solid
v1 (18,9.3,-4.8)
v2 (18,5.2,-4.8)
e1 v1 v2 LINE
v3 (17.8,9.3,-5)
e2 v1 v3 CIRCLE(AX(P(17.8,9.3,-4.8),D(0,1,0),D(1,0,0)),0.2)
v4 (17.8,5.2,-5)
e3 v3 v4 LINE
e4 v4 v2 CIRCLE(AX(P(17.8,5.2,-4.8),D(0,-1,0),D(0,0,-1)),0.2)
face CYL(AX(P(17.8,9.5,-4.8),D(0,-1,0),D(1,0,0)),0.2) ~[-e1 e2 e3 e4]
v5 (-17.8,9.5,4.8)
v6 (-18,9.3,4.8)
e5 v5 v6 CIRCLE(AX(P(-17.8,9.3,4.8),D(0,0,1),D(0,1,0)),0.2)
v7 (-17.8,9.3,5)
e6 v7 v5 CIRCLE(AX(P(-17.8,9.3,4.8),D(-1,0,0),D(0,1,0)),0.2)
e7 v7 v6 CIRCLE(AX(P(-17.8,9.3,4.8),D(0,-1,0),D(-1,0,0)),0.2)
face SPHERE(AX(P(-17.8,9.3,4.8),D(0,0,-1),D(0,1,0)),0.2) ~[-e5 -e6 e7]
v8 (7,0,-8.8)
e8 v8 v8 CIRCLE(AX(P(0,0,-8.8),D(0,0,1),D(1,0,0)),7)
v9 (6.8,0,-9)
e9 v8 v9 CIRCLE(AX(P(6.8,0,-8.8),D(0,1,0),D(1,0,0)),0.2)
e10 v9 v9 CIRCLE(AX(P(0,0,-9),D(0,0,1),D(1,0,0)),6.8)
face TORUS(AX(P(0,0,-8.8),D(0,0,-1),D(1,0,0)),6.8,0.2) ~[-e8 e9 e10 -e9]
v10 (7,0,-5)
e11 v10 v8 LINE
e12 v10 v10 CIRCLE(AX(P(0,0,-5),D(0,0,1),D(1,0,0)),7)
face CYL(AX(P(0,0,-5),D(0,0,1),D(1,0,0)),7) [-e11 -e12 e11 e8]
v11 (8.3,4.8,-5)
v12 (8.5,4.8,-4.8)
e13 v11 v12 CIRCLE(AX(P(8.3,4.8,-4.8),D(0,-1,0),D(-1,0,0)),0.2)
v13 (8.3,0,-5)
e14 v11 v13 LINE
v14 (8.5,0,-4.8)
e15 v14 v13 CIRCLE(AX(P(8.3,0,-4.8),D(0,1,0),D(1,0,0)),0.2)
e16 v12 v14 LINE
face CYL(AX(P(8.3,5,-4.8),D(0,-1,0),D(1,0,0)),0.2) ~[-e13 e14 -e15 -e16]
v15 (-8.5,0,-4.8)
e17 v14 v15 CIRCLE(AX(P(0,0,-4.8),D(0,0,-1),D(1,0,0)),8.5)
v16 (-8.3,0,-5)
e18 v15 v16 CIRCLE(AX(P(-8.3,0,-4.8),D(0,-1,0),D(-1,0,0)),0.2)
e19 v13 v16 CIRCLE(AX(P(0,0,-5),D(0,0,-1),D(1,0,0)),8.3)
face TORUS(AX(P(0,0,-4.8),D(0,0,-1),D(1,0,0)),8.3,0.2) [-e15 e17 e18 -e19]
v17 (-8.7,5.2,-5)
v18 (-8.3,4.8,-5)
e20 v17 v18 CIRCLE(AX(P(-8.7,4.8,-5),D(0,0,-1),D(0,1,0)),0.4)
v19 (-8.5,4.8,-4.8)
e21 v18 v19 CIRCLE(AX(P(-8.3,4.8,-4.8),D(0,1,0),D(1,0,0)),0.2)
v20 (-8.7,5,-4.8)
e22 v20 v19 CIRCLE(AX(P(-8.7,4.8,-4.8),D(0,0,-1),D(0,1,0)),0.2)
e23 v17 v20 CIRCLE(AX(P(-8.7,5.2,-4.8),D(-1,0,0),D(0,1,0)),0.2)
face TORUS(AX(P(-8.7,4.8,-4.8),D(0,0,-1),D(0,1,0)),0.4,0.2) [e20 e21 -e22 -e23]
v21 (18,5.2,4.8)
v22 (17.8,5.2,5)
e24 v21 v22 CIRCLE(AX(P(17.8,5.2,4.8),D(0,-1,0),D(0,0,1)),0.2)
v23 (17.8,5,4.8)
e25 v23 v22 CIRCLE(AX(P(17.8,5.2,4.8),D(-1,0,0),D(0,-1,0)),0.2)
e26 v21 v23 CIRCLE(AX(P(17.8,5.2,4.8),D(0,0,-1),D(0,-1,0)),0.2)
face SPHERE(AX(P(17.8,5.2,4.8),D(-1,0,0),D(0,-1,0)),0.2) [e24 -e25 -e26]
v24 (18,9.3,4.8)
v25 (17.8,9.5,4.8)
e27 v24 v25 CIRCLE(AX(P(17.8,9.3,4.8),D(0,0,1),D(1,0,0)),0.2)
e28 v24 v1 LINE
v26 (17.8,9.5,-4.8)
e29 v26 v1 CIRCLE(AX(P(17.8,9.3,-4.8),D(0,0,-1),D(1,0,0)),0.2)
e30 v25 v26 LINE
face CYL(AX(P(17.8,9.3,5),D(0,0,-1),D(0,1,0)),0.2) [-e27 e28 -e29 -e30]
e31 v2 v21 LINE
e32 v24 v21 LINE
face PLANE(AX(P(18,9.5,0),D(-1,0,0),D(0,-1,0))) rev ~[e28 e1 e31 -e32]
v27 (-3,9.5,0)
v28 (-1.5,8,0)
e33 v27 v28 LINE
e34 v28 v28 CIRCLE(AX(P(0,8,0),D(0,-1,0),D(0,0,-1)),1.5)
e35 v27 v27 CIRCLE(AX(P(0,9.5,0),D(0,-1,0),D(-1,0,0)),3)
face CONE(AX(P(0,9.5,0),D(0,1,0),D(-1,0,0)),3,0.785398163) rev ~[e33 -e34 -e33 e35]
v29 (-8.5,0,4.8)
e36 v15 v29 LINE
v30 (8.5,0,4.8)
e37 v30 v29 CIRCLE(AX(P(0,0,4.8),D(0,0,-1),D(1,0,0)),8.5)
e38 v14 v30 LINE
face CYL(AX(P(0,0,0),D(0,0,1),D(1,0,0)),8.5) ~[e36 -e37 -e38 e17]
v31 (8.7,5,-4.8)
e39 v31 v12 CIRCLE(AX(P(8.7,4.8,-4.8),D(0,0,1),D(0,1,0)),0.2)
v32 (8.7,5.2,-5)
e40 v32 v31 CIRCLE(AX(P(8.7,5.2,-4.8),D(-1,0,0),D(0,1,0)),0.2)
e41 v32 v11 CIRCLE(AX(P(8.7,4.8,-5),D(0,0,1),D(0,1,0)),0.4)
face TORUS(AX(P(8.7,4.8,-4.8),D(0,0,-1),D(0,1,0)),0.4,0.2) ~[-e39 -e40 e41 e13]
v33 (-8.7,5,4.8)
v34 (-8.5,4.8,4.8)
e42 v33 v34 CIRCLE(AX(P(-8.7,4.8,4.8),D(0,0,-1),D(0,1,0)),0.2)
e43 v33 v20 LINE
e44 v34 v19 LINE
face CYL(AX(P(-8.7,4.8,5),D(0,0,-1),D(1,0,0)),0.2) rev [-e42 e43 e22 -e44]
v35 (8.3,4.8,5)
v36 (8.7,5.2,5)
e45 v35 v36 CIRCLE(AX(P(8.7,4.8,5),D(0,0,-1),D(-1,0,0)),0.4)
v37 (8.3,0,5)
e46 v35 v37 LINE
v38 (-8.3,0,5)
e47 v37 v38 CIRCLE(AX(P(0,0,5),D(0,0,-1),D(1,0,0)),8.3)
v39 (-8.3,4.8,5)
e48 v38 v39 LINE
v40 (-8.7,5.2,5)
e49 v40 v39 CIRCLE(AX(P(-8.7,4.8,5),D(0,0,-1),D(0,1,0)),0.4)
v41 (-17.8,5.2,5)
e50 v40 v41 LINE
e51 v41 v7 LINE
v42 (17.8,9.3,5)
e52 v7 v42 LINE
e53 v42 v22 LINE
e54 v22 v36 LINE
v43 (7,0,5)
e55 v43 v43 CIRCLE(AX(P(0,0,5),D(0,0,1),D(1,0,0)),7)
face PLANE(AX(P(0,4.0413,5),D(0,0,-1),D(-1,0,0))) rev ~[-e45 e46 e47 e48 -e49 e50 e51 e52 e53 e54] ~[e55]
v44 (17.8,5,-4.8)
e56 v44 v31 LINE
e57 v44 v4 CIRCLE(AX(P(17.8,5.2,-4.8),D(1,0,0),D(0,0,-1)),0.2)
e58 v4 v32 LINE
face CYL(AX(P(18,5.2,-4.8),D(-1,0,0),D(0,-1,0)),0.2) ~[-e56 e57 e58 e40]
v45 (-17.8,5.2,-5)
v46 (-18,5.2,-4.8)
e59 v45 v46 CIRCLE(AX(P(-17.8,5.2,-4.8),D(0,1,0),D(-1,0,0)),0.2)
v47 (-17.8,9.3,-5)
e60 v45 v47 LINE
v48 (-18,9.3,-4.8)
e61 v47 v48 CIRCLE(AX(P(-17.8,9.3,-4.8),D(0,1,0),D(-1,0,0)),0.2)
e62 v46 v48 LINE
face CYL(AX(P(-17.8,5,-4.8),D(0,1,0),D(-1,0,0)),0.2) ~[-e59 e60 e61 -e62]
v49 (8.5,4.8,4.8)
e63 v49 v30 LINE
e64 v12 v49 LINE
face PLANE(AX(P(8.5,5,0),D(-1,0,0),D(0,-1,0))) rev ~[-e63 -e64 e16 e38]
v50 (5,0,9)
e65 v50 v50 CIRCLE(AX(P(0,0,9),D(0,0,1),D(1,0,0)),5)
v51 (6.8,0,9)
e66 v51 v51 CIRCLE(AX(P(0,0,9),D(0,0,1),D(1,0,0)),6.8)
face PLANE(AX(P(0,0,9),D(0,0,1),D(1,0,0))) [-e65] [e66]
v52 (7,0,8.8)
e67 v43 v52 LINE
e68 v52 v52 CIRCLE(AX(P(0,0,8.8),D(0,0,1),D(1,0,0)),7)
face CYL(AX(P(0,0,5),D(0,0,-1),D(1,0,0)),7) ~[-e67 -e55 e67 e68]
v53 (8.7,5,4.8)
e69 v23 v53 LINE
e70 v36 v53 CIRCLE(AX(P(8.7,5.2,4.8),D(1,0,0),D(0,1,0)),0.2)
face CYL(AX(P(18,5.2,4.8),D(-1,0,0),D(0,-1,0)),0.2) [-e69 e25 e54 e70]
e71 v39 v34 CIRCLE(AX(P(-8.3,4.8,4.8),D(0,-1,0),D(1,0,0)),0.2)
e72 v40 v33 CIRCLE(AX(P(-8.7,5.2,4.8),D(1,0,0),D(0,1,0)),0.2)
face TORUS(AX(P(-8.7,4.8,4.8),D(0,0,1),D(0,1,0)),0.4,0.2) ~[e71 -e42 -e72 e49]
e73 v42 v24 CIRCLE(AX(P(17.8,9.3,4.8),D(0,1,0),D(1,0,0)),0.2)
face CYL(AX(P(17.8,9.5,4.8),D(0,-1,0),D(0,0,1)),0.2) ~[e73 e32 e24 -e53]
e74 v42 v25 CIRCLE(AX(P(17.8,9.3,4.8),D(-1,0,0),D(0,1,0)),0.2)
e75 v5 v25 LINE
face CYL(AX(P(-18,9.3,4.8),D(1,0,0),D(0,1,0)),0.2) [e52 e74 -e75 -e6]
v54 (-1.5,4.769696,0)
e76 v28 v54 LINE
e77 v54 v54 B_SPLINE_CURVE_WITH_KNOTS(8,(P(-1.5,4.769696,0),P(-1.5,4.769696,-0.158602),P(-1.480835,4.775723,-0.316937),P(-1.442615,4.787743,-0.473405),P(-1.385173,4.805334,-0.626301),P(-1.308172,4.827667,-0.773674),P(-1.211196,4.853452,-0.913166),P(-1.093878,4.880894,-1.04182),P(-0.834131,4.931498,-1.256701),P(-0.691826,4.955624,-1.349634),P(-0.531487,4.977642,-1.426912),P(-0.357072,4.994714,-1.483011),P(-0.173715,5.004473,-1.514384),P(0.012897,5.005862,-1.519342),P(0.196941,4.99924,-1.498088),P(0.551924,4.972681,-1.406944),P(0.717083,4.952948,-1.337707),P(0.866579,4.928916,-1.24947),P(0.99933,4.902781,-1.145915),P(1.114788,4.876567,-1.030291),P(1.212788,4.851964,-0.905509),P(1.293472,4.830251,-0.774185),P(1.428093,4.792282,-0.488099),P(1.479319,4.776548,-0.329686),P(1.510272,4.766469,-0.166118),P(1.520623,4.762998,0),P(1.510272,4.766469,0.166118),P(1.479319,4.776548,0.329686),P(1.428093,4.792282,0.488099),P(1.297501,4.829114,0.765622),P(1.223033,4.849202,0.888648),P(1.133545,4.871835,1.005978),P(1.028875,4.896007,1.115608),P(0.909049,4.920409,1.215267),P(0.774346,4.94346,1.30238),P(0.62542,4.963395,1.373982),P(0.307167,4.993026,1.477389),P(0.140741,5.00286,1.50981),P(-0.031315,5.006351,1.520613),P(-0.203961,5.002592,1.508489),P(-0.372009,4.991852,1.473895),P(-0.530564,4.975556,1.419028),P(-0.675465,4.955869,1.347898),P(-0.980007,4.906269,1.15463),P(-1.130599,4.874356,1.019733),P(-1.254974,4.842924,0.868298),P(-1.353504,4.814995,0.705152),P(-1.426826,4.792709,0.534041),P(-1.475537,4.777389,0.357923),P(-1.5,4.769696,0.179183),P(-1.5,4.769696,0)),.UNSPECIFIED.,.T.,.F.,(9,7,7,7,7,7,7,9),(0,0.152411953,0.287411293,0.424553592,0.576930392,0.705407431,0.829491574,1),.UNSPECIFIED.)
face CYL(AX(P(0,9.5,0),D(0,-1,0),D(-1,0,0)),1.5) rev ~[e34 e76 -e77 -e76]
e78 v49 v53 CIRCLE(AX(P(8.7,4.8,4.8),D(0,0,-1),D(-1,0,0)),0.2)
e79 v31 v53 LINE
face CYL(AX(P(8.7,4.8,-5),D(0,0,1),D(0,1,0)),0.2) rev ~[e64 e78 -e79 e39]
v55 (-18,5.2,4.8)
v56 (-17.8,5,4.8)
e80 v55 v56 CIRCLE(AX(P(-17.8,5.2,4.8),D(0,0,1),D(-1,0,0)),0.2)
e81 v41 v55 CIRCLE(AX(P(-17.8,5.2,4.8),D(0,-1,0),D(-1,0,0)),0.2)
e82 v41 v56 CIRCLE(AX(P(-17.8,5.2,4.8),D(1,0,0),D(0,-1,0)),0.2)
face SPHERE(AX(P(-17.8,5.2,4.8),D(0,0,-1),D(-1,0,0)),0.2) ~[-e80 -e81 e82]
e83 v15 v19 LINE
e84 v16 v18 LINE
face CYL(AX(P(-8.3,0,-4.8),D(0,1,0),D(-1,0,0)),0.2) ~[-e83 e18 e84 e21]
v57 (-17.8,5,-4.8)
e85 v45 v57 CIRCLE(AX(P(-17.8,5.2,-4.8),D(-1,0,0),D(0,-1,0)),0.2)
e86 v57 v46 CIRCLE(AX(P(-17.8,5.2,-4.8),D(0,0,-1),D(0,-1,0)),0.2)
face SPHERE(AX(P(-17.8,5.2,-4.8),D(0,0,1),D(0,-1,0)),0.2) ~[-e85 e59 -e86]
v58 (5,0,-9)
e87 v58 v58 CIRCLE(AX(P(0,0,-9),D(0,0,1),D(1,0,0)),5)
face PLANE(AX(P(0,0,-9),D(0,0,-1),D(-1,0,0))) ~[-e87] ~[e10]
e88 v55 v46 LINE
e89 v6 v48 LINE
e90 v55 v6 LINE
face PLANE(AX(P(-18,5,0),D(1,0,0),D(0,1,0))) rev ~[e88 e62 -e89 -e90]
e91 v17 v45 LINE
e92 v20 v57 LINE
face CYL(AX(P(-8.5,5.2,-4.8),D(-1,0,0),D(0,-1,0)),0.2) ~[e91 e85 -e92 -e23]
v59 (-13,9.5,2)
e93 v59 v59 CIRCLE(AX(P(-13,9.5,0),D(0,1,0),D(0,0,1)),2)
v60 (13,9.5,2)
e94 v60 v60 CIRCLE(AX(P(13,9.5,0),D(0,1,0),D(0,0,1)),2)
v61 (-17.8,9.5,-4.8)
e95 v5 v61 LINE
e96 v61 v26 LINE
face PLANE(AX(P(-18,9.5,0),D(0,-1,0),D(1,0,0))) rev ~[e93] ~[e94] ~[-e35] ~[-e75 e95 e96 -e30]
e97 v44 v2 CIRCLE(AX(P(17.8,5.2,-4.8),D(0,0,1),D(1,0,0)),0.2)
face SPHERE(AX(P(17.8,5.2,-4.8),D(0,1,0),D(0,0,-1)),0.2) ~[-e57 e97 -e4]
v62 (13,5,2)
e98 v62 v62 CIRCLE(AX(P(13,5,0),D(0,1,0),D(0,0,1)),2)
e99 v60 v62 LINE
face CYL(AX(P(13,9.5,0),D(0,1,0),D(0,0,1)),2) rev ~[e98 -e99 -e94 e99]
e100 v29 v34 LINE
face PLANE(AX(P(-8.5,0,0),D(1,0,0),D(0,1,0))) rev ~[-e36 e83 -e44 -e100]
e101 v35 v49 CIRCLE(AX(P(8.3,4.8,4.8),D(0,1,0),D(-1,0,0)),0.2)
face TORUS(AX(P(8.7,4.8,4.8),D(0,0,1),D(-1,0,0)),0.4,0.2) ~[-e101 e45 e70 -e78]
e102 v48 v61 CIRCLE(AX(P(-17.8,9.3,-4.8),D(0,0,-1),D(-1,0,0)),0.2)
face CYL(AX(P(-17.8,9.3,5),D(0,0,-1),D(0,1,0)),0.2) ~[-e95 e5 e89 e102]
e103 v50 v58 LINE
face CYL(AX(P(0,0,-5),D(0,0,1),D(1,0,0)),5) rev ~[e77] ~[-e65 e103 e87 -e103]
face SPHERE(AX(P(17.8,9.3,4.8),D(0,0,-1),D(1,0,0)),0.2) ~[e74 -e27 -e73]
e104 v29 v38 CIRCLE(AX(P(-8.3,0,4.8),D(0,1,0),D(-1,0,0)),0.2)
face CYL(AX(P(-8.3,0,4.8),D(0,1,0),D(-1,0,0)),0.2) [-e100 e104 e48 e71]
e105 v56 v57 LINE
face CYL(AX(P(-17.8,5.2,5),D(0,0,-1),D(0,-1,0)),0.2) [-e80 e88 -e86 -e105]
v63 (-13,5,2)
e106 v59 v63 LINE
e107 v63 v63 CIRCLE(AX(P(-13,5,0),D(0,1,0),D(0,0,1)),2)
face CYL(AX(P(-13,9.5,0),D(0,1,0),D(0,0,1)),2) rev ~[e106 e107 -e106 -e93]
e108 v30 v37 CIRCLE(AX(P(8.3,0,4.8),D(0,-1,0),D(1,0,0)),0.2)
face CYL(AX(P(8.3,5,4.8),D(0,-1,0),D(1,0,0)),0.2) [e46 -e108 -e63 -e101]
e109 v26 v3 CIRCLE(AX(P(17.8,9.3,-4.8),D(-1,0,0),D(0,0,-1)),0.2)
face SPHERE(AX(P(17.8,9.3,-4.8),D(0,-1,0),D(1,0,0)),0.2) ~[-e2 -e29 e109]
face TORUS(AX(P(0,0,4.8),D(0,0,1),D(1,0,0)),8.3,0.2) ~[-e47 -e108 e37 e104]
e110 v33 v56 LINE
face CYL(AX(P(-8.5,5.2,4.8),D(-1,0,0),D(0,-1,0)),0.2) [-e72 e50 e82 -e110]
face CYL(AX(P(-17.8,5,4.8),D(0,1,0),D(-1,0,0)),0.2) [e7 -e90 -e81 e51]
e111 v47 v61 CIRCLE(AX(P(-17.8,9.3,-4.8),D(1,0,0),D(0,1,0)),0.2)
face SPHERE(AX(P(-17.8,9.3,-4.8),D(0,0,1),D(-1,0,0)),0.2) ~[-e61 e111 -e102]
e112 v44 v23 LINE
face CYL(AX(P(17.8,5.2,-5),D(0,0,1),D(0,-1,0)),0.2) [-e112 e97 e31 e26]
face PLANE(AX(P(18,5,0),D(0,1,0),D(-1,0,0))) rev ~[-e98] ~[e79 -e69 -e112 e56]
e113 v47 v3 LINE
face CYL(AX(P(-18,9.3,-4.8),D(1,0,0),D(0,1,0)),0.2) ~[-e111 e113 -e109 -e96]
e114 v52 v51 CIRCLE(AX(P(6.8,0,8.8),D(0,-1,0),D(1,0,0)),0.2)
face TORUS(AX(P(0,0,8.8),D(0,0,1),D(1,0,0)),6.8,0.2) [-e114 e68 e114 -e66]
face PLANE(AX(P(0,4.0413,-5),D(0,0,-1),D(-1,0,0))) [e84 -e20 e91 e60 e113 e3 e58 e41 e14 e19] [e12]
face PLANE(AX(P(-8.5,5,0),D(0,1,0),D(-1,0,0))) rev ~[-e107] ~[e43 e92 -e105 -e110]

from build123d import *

# Parameters (mm, degrees)
SKETCH1_R                                       = 5
BOSS_EXTRUDE1_DEPTH                             = 5
SKETCH2_R                                       = 7
BOSS_EXTRUDE2_DEPTH                             = 4
CUT_EXTRUDE1_START                              = -4
SKETCH3_R                                       = 5
CUT_EXTRUDE1_DEPTH                              = 4
SKETCH5_R                                       = 2
CUT_EXTRUDE2_DEPTH                              = 28
CSK_FOR_M3_FLAT_HEAD_MACHINE_SCREW1_D           = 3
CSK_FOR_M3_FLAT_HEAD_MACHINE_SCREW1_DEPTH       = 8.098709071
CSK_FOR_M3_FLAT_HEAD_MACHINE_SCREW1_CSINK_D     = 6
CSK_FOR_M3_FLAT_HEAD_MACHINE_SCREW1_CSINK_ANGLE = 90
CSK_FOR_M3_FLAT_HEAD_MACHINE_SCREW1_TIP         = 0.901290929
FILLET1_R                                       = 0.2


with BuildPart() as part:
    # Sketch1 → Boss-Extrude1 (new, symmetric)
    with BuildSketch(Plane.XY):
        with BuildLine():
            Line((-8.5, 0), (-8.5, 5))
            Line((-8.5, 5), (-18, 5))
            Line((-18, 5), (-18, 9.5))
            Line((-18, 9.5), (18, 9.5))
            Line((18, 9.5), (18, 5))
            Line((18, 5), (8.5, 5))
            Line((8.5, 5), (8.5, 0))
            ThreePointArc((8.5, 0), (0, -8.5), (-8.5, 0))
        make_face()
        Circle(SKETCH1_R, mode=Mode.SUBTRACT)
    extrude(amount=BOSS_EXTRUDE1_DEPTH, both=True)

    # Sketch2 → Boss-Extrude2 (add)
    with BuildSketch(Plane.XY.offset(5)):
        Circle(SKETCH2_R)
    boss_extrude2 = extrude(amount=BOSS_EXTRUDE2_DEPTH)

    # Sketch3 → Cut-Extrude1 (cut)
    with BuildSketch(Plane.XY.offset(9).offset(CUT_EXTRUDE1_START)):
        Circle(SKETCH3_R)
    cut_extrude1 = extrude(amount=CUT_EXTRUDE1_DEPTH, mode=Mode.SUBTRACT)

    # Mirror1: Boss-Extrude2, Cut-Extrude1 across plane
    add(boss_extrude2.mirror(Plane.XY))
    add(cut_extrude1.mirror(Plane.XY), mode=Mode.SUBTRACT)

    # Sketch5 → Cut-Extrude2 (cut, through all)
    with BuildSketch(Plane(origin=(0, 9.5, 0), x_dir=(1, 0, 0), z_dir=(0, 1, 0))):
        with Locations(Location((-13, 0, 0), (0, 0, 270))):
            Circle(SKETCH5_R)
        with Locations(Location((13, 0, 0), (0, 0, 270))):
            Circle(SKETCH5_R)
    extrude(amount=-CUT_EXTRUDE2_DEPTH, mode=Mode.SUBTRACT)

    # CSK for M3 Flat Head Machine Screw1
    with Locations(Plane(origin=(0, 9.5, 0), x_dir=(1, 0, 0), z_dir=(0, 1, 0))):
        with Locations((0, 0)):
            CounterSinkHole(CSK_FOR_M3_FLAT_HEAD_MACHINE_SCREW1_D / 2, CSK_FOR_M3_FLAT_HEAD_MACHINE_SCREW1_CSINK_D / 2, depth=CSK_FOR_M3_FLAT_HEAD_MACHINE_SCREW1_DEPTH, counter_sink_angle=CSK_FOR_M3_FLAT_HEAD_MACHINE_SCREW1_CSINK_ANGLE)
            with Locations((0, 0, -(CSK_FOR_M3_FLAT_HEAD_MACHINE_SCREW1_DEPTH + CSK_FOR_M3_FLAT_HEAD_MACHINE_SCREW1_TIP / 2))):  # 118° drill point
                Cone(0, CSK_FOR_M3_FLAT_HEAD_MACHINE_SCREW1_D / 2, CSK_FOR_M3_FLAT_HEAD_MACHINE_SCREW1_TIP, mode=Mode.SUBTRACT)

    # Fillet1
    fillet1_edges = [part.edges().sort_by_distance(p)[0] for p in [
        (18, 7.25, -5),
        (13.25, 5, -5),
        (8.5, 2.5, -5),
        (0, -8.5, -5),
        (13.25, 5, 5),
        (-8.5, 5, 0),
        (-18, 5, 0),
        (-18, 9.5, 0),
        (18, 9.5, 0),
        (18, 5, 0),
        (8.5, 5, 0),
        (18, 7.25, 5),
        (0, 9.5, 5),
        (-18, 7.25, 5),
        (-13.25, 5, 5),
        (-7, 0, 9),
        (-8.5, 2.5, 5),
        (-7, 0, -9),
        (0, -8.5, 5),
        (-8.5, 2.5, -5),
        (8.5, 2.5, 5),
        (-13.25, 5, -5),
        (-18, 7.25, -5),
        (0, 9.5, -5),
    ]]
    fillet(fillet1_edges, radius=FILLET1_R)


solid = part.part
